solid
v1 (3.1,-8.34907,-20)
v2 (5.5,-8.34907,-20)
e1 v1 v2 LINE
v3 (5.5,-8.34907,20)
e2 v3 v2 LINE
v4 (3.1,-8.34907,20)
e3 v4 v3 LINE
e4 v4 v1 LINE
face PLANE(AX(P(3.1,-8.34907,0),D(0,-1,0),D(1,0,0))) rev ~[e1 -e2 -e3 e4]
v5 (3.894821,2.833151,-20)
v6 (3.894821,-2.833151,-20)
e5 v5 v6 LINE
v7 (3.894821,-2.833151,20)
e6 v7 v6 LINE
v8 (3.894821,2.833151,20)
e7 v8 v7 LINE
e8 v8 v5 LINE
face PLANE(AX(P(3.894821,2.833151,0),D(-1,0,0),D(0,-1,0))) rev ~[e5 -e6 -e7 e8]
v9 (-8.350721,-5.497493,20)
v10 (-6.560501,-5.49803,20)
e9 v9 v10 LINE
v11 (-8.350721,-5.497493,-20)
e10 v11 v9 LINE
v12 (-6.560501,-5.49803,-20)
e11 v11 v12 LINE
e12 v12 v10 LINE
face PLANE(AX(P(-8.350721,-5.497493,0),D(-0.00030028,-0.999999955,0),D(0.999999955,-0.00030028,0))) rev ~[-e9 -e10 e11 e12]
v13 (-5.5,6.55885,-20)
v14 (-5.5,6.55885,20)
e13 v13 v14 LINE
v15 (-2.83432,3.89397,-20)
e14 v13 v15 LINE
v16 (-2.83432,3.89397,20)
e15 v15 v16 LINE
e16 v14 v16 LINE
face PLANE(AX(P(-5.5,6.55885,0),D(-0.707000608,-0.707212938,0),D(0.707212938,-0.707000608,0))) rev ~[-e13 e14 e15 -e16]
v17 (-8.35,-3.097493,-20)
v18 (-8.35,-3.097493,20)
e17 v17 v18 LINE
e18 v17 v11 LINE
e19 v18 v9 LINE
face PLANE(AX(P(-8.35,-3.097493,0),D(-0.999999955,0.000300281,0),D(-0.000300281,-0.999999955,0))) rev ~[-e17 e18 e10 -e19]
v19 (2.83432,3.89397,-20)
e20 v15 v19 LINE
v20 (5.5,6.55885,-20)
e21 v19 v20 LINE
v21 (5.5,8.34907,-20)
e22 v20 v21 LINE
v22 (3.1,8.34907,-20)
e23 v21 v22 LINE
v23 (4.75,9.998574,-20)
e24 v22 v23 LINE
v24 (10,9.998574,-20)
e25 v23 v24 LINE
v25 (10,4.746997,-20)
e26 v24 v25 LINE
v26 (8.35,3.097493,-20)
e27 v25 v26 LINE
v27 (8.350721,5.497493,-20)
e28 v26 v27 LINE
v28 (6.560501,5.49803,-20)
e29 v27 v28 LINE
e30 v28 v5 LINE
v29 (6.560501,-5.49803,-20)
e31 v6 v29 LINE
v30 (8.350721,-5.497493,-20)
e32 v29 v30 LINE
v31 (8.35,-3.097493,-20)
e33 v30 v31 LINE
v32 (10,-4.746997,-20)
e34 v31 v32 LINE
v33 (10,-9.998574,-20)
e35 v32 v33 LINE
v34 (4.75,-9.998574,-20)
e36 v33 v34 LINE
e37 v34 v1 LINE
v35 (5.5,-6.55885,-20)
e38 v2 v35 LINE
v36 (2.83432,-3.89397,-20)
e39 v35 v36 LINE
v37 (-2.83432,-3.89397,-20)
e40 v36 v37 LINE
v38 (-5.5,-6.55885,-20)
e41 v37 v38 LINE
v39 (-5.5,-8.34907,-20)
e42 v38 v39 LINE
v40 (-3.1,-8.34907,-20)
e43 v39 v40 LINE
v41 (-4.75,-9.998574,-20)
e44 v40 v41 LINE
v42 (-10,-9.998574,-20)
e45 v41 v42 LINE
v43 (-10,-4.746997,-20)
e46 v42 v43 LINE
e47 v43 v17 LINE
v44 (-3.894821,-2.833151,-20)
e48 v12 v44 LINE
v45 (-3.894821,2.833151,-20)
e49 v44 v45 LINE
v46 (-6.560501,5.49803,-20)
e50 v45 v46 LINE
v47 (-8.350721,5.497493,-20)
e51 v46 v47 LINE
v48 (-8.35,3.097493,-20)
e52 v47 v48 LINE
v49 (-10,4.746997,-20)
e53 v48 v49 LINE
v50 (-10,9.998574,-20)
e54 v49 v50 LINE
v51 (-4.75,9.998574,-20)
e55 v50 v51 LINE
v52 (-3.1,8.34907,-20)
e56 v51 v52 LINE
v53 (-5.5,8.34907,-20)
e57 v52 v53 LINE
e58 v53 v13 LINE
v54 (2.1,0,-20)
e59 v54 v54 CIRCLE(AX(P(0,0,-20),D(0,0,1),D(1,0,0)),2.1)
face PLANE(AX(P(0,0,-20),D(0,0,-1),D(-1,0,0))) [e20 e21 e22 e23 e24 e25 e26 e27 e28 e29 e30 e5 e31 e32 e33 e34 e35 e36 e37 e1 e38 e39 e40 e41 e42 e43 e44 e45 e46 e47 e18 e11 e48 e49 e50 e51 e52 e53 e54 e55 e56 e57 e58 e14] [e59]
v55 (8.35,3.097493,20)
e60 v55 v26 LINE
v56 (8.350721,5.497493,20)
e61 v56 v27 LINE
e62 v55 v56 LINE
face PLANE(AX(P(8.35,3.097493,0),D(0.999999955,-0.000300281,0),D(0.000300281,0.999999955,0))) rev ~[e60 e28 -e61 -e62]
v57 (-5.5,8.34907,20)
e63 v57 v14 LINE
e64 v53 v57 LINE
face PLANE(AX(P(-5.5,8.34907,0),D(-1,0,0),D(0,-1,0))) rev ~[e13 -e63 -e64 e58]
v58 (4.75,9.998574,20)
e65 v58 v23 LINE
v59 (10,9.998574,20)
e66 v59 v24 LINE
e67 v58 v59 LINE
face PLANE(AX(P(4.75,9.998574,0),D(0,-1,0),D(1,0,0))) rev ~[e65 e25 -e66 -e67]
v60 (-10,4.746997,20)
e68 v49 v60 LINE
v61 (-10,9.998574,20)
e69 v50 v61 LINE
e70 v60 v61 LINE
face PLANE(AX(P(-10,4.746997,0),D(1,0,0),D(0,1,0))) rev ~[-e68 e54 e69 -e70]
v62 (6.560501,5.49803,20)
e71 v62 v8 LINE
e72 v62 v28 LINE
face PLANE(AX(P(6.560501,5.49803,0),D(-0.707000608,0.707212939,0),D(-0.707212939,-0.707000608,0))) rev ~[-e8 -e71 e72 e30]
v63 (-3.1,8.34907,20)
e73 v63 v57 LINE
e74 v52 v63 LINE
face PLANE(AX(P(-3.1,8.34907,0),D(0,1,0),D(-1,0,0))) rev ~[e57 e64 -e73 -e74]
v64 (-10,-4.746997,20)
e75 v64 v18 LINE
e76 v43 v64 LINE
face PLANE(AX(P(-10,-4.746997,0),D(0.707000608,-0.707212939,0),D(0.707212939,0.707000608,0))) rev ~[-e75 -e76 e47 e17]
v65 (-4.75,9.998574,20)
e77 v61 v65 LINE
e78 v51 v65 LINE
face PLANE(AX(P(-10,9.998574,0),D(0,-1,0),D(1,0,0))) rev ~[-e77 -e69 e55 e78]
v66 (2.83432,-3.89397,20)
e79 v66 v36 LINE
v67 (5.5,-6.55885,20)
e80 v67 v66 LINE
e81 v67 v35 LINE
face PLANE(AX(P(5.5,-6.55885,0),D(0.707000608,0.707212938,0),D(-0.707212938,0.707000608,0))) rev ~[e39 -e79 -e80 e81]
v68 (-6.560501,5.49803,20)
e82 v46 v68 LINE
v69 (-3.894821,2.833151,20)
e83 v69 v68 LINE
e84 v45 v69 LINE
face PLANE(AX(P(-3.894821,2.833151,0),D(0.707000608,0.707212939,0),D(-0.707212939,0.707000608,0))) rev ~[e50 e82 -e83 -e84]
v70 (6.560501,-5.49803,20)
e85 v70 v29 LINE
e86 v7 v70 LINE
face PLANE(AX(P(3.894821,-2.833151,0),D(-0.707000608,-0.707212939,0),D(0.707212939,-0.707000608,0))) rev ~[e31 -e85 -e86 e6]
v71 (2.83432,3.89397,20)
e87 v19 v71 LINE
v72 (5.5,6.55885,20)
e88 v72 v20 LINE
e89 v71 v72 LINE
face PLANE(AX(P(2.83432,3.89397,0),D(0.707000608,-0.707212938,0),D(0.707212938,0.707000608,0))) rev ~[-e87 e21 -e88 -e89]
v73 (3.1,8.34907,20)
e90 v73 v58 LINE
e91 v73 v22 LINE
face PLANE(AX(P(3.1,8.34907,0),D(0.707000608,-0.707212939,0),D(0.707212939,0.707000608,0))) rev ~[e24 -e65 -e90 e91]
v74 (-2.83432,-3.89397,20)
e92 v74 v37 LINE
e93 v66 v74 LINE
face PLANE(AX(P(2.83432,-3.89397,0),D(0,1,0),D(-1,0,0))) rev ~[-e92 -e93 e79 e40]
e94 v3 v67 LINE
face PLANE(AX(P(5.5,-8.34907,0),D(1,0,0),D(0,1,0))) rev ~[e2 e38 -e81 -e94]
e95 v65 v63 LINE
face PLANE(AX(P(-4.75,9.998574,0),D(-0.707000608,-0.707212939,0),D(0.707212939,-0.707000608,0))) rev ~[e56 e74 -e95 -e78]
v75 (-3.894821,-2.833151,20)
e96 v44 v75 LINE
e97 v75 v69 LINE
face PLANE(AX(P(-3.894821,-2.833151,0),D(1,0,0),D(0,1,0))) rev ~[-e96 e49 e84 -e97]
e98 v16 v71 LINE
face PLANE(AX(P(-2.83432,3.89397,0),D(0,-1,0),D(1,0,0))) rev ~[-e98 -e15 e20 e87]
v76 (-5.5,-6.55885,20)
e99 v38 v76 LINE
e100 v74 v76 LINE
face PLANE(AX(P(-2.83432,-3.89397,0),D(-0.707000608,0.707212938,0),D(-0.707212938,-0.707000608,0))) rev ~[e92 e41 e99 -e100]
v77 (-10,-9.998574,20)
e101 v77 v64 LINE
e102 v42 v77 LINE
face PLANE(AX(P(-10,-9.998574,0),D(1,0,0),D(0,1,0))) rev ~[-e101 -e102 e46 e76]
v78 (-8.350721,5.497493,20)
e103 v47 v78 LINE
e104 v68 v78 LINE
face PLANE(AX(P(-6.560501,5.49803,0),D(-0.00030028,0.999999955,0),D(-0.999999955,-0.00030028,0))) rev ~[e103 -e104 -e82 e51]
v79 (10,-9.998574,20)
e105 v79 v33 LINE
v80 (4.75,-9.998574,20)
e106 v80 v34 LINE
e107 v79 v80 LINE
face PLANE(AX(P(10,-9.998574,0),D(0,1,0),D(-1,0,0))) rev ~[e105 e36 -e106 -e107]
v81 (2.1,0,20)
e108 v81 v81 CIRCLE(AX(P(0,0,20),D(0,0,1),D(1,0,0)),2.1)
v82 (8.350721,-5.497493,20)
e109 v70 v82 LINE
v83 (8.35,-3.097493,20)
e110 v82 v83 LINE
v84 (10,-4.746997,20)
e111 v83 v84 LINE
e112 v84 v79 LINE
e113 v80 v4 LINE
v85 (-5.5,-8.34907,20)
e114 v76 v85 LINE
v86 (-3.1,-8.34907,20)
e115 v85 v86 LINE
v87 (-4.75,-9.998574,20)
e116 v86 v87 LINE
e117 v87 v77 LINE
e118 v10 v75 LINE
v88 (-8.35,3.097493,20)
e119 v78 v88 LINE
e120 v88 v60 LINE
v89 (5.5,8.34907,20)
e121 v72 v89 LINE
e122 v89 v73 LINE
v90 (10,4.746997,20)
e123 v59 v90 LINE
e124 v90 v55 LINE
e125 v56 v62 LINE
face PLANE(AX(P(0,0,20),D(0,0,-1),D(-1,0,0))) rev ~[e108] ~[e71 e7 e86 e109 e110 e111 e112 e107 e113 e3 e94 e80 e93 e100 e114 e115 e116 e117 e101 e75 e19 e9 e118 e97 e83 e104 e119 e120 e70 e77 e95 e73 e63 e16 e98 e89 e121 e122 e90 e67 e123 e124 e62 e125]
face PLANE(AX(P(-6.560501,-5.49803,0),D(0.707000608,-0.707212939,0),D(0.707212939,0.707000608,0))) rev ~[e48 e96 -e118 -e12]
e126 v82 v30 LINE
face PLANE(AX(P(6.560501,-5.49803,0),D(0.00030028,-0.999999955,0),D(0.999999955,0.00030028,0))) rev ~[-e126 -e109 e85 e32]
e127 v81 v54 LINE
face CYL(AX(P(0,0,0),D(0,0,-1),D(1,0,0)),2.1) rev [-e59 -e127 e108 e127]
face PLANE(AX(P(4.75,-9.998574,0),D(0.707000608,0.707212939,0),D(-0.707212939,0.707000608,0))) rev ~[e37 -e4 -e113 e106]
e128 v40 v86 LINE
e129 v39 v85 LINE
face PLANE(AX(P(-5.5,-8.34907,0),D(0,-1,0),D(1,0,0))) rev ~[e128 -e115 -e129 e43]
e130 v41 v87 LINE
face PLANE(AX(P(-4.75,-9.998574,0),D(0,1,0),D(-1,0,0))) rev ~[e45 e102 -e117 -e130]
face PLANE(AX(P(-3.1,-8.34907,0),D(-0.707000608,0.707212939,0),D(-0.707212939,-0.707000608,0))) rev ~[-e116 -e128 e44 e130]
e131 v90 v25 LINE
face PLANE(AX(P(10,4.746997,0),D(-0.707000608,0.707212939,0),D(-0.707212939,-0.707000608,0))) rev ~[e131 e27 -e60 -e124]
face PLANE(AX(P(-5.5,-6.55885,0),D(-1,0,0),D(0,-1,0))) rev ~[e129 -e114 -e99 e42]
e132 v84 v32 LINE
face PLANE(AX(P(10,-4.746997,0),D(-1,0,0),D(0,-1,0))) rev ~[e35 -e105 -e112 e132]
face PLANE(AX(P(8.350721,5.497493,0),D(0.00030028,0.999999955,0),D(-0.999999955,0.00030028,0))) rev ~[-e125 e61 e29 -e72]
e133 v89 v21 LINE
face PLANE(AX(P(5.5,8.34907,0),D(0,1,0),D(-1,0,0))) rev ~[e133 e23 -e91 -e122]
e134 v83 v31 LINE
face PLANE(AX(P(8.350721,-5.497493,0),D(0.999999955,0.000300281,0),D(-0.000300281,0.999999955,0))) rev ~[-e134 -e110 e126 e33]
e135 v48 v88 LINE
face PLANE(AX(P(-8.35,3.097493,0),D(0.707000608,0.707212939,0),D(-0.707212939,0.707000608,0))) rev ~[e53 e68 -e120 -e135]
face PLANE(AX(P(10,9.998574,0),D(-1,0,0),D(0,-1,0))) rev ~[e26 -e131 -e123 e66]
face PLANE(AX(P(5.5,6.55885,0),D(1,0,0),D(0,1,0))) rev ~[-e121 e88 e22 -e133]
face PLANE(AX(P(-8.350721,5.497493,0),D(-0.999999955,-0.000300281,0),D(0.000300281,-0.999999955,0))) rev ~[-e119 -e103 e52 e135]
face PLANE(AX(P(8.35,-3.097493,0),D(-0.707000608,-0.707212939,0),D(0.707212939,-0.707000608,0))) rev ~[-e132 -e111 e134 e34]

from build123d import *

# Parameters (mm, degrees)
SKETCH1_R           = 2.1
BOSS_EXTRUDE1_DEPTH = 20


with BuildPart() as part:
    # Sketch1 → Boss-Extrude1 (new, symmetric)
    with BuildSketch(Plane.XY):
        Polygon((2.834320347, 3.893970342), (5.5, 6.558849663), (5.5, 8.349069506), (3.1, 8.349069506), (4.75, 9.998574117), (10, 9.998574117), (10, 4.746997406), (8.35, 3.097492795), (8.350720674, 5.497492687), (6.560500912, 5.498030255), (3.894821259, 2.833150935), (3.894821259, -2.833150935), (6.560500912, -5.498030255), (8.350720674, -5.497492687), (8.35, -3.097492795), (10, -4.746997406), (10, -9.998574117), (4.75, -9.998574117), (3.1, -8.349069506), (5.5, -8.349069506), (5.5, -6.558849663), (2.834320347, -3.893970342), (-2.834320347, -3.893970342), (-5.5, -6.558849663), (-5.5, -8.349069506), (-3.1, -8.349069506), (-4.75, -9.998574117), (-10, -9.998574117), (-10, -4.746997406), (-8.35, -3.097492795), (-8.350720674, -5.497492687), (-6.560500912, -5.498030255), (-3.894821259, -2.833150935), (-3.894821259, 2.833150935), (-6.560500912, 5.498030255), (-8.350720674, 5.497492687), (-8.35, 3.097492795), (-10, 4.746997406), (-10, 9.998574117), (-4.75, 9.998574117), (-3.1, 8.349069506), (-5.5, 8.349069506), (-5.5, 6.558849663), (-2.834320347, 3.893970342), align=None)
        Circle(SKETCH1_R, mode=Mode.SUBTRACT)
    extrude(amount=BOSS_EXTRUDE1_DEPTH, both=True)


solid = part.part
